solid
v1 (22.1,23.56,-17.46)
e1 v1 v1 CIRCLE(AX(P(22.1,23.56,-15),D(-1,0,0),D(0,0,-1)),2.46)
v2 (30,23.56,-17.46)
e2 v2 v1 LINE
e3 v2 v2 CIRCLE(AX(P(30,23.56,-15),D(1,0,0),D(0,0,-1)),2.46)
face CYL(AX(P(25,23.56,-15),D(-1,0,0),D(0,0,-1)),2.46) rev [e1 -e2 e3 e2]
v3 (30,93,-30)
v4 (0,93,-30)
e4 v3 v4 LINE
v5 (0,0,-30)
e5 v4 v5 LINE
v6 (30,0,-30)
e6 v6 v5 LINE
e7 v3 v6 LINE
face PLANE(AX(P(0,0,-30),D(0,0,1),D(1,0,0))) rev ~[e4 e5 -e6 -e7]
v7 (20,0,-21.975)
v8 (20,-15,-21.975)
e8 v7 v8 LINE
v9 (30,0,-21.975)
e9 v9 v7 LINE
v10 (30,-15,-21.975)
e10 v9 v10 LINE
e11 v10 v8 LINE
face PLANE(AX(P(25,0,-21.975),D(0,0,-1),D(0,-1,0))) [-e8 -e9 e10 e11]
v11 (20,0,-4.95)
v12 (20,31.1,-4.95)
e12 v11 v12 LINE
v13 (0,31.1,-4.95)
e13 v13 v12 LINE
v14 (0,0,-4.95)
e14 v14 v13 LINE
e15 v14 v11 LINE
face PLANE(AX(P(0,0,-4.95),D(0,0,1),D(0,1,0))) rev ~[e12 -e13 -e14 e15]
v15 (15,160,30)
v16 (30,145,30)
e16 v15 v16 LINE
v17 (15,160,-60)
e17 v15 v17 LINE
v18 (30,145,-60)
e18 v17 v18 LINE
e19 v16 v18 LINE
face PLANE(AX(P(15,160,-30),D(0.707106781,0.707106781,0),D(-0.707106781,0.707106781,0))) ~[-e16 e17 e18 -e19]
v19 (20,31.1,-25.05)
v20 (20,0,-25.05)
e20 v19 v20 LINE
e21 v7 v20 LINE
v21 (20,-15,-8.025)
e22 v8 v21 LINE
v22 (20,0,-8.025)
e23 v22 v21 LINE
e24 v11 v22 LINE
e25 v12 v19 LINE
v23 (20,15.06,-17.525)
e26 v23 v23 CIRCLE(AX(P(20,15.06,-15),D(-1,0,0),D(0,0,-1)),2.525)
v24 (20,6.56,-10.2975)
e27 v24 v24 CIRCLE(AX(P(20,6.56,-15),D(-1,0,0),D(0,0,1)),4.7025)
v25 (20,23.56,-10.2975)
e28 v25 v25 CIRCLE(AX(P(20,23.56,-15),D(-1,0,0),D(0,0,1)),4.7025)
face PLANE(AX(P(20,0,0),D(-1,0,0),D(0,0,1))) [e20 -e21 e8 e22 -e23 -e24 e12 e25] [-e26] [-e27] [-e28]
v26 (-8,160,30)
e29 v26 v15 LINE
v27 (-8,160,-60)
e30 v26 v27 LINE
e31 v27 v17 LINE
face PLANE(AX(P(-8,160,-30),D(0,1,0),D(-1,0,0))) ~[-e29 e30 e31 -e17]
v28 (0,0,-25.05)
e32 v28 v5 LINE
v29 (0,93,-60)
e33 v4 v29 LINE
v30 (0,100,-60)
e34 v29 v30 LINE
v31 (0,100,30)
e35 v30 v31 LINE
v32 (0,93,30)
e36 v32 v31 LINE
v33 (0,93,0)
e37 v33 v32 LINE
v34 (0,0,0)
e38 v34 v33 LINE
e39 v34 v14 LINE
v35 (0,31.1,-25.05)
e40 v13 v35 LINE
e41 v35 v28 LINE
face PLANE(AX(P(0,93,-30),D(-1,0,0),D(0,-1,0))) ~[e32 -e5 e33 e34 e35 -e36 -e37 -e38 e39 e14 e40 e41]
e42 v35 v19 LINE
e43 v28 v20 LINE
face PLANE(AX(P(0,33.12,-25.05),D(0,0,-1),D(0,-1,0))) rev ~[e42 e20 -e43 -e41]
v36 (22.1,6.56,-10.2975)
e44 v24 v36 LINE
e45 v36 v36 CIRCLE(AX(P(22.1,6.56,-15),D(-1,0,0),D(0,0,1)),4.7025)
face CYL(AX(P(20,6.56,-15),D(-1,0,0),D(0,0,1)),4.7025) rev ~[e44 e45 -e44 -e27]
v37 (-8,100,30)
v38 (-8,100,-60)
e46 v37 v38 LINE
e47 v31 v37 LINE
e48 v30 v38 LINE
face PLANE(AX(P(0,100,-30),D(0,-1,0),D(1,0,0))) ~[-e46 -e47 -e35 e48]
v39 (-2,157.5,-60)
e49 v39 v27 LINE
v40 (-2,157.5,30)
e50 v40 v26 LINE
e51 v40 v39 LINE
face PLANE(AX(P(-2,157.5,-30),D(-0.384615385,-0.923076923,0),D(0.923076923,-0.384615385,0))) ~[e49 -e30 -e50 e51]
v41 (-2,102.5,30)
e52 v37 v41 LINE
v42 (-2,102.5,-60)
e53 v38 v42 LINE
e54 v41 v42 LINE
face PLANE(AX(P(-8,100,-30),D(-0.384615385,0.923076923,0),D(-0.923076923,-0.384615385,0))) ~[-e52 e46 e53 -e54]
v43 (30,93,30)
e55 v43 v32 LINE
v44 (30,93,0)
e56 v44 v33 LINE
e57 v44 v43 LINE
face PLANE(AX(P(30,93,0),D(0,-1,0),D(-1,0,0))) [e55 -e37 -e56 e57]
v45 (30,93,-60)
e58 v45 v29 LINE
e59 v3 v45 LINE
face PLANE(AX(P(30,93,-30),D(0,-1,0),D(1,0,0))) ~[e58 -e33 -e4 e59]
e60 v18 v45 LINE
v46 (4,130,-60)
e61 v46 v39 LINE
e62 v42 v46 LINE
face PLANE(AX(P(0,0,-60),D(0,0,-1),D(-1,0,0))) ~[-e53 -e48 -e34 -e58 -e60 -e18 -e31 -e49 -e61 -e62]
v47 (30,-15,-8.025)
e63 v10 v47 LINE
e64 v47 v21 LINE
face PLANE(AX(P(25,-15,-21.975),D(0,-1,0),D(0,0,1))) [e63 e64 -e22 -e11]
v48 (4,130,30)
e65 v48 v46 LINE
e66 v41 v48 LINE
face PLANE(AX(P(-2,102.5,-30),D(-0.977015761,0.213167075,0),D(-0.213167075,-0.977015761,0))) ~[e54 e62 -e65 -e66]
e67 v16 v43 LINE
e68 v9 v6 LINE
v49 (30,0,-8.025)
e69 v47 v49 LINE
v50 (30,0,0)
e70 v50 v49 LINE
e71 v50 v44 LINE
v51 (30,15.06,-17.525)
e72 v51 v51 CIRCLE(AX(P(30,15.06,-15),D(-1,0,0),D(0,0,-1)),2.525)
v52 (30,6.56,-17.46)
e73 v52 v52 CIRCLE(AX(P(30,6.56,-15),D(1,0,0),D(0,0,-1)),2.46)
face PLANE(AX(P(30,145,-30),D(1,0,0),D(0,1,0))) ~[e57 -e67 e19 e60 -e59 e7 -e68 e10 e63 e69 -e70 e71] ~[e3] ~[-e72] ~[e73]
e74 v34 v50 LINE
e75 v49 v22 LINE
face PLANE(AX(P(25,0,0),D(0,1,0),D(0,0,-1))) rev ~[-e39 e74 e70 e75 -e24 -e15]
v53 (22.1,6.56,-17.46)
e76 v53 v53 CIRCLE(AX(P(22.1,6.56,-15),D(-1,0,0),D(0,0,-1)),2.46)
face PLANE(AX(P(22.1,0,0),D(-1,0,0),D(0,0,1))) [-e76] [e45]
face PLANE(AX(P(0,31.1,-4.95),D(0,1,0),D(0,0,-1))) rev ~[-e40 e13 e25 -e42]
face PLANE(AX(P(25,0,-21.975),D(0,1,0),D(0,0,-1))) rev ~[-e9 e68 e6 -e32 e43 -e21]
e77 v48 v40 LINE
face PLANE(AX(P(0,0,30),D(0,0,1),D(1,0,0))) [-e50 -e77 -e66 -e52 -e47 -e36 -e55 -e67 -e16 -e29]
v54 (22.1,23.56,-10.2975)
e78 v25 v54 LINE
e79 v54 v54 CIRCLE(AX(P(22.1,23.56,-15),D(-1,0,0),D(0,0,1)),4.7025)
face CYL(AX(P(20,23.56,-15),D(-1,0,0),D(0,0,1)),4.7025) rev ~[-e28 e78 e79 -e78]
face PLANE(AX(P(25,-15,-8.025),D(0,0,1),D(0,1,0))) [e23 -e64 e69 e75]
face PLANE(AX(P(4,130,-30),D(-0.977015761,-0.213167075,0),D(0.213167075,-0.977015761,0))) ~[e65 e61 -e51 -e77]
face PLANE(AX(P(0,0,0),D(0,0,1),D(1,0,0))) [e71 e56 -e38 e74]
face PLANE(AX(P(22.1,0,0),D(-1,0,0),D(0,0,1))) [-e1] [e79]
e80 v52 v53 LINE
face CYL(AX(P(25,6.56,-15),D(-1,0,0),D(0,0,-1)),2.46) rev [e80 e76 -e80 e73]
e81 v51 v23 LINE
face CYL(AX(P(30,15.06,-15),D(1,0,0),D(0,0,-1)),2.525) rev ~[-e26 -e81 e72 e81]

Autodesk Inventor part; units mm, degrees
ref_plane "YZ Plane" through (0, 0, 0) normal (1, 0, 0) x (0, 1, 0)
ref_plane "XZ Plane" through (0, 0, 0) normal (0, 1, 0) x (-1, 0, 0)
sketch "Sketch1" plane through (0, 0, 0) normal (0, 0, 1) x (1, 0, 0)
  line L0 (0, 0) -> (25, 0)
  line L1 (25, 0) -> (25, 40)
  line L2 (25, 40) -> (0, 40)
  line L3 (0, 40) -> (0, 0)
  dimension "d1" = 25
  dimension "d2" = 40
  dimension "d3" = 25
extrude "Extrusion1" add sketch "Sketch1" against normal blind 30
sketch "Sketch2" plane through (25, 0, 0) normal (1, 0, 0) x (0, 0, -1)
  line L0 (0, 0) -> (30, 0) projected
  circle A0 centre (15, 6.56) radius 2.46
extrude "Extrusion2" cut sketch "Sketch2" against normal blind 30
sketch "Sketch3" plane through (0, 0, 0) normal (-1, 0, 0) x (0, 0, 1)
  line L0 (0, 0) -> (-30, 0) projected
  line L1 (-25.05, 0) -> (-4.95, 0)
  line L2 (-4.95, 0) -> (-4.95, 33.12)
  line L3 (-4.95, 33.12) -> (-25.05, 33.12)
  line L4 (-25.05, 33.12) -> (-25.05, 0)
  dimension "d11" = 20.1
extrude "Extrusion3" cut sketch "Sketch3" against normal blind 20
sketch "Sketch4" plane through (0, 0, 0) normal (0, -1, 0) x (1, 0, 0)
  line L0 (20, -4.95) -> (20, -25.05) projected
  line L1 (20, -15) -> (25, -15)
  line L2 (25, 0) -> (25, -30) projected
  line L3 (20, -8.025) -> (25, -8.025)
  line L4 (25, -8.025) -> (25, -21.975)
  line L5 (25, -21.975) -> (20, -21.975)
  line L6 (20, -21.975) -> (20, -8.025)
  line L7 (20, -8.025) -> (25, -21.975) construction
  line L8 (25, -8.025) -> (20, -21.975) construction
  line L9 (25, -12.54) -> (25, -17.46) projected
  point P0 (0, 0)
  point P1 (22.5, -15)
  dimension "d14" = 13.95
extrude "Extrusion4" add sketch "Sketch4" along normal blind 15
sketch "Sketch5" plane through (20, 0, 0) normal (-1, 0, 0) x (0, 0, 1)
  circle A0 centre (-15, 6.56) radius 2.46 projected
  circle A1 centre (-15, 6.56) radius 4.7025
  circle A2 centre (-15, 6.56) radius 2.46 projected
  circle A3 centre (-15, 6.56) radius 2.46
  point P0 (0, 0)
  dimension "d17" = 9.405
extrude "Extrusion5" cut sketch "Sketch5" against normal blind 2.1
sketch "Sketch6" plane through (25, 0, 0) normal (1, 0, 0) x (0, 0, -1)
  circle A0 centre (15, 6.56) radius 4.7025 projected
  line L0 (15, 6.56) -> (15, 23.56)
  circle A1 centre (15, 23.56) radius 2.46
  point P0 (0, 0)
  dimension "d20" = 17
  dimension "d21" = 4.92
extrude "Extrusion6" cut sketch "Sketch6" against normal blind 10 contours A1
sketch "Sketch7" plane through (20, 0, 0) normal (-1, 0, 0) x (0, 0, 1)
  circle A0 centre (-15, 23.56) radius 2.46 projected
  circle A1 centre (-15, 23.56) radius 4.7025
  point P0 (0, 0)
  dimension "d24" = 9.405
extrude "Extrusion7" cut sketch "Sketch7" against normal blind 2.1
sketch "Sketch9" plane through (25, 0, 0) normal (1, 0, 0) x (0, 0, -1)
  circle A0 centre (15, 6.56) radius 2.46 projected
  circle A1 centre (15, 6.56) radius 2.46
  circle A2 centre (15, 23.56) radius 2.46 projected
  circle A3 centre (15, 23.56) radius 2.46
  line L0 (30, 40) -> (30, 0) projected
  line L1 (30, 0) -> (30, 40)
  line L2 (30, 40) -> (0, 40)
  line L3 (0, 40) -> (0, 0)
  line L4 (0, 0) -> (8.025, 0) projected
  line L5 (21.975, 0) -> (21.975, -15)
  line L6 (21.975, -15) -> (8.025, -15)
  line L7 (8.025, -15) -> (8.025, 0)
  line L8 (0, 0) -> (8.025, 0)
  line L9 (21.975, 0) -> (30, 0)
extrude "Extrusion8" add sketch "Sketch9" along normal blind 5
sketch "Sketch10" plane through (0, 40, 0) normal (0, 1, 0) x (1, 0, 0)
  line L0 (0, 30) -> (30, 30) projected
  line L1 (30, 0) -> (0, 0) projected
  line L2 (0, 30) -> (30, 30)
  line L3 (30, 30) -> (30, 0)
  line L4 (30, 0) -> (0, 0)
  line L5 (0, 0) -> (0, 30)
extrude "Extrusion9" add sketch "Sketch10" along normal blind 30
sketch "Sketch12" plane through (30, 0, 0) normal (1, 0, 0) x (0, 0, -1)
  circle A0 centre (15, 6.56) radius 2.46 projected
  line L0 (15, 6.56) -> (15, 15.06)
  circle A1 centre (15, 15.06) radius 2.525
  point P0 (0, 0)
  dimension "d31" = 8.5
  dimension "d33" = 5.05
extrude "Extrusion10" cut sketch "Sketch12" against normal blind 30 contours A1
sketch "Sketch14" plane through (0, 0, 0) normal (0, 0, 1) x (1, 0, 0)
  line L0 (30, 70) -> (0, 70) projected
  line L1 (0, 100) -> (-8, 100)
  line L2 (30, 0) -> (30, 70) projected
  line L3 (30, 118) -> (30, 70)
  line L4 (30, 105) -> (30, 100)
  line L5 (0, 70) -> (30, 70) projected
  line L6 (0, 70) -> (0, 100)
  line L7 (30, 122.5) -> (30, 118)
  line L8 (30, 70) -> (30, 145)
  line L9 (-2, 157.5) -> (-8, 160)
  line L10 (-2, 102.5) -> (-8, 100)
  line L11 (4, 130) -> (-2, 102.5)
  line L12 (4, 130) -> (-2, 157.5)
  line L13 (-8, 160) -> (15, 160)
  line L14 (30, 145) -> (15, 160)
  point P0 (0, 0)
  dimension "d47" = 30
extrude "Extrusion12" add sketch "Sketch14" against normal blind 30
sketch "Sketch15" plane through (0, 0, -25.05) normal (-1, 0, 0) x (0, 0, 1)
  line L0 (0, 33.12) -> (20.1, 33.12) projected
  line L1 (20.1, 33.12) -> (20.1, 0) projected
  line L2 (0, 33.12) -> (20.1, 33.12)
  line L3 (20.1, 33.12) -> (20.1, 31.1)
  line L4 (20.1, 31.1) -> (0, 31.1)
  line L5 (0, 31.1) -> (0, 33.12)
  point P0 (25.05, 0)
  dimension "d57" = 2.02
extrude "Extrusion13" add sketch "Sketch15" against normal blind 20
sketch "Sketch27" plane through (0, 0, 0) normal (0, 0, 1) x (1, 0, 0)
  point P0 (0, 0)
sketch "Sketch28" plane through (0, 0, 0) normal (0, 0, 1) x (1, 0, 0)
  line L0 (0, 100) -> (-8, 100) projected
  line L1 (0, 100) -> (-8, 100)
  line L2 (-8, 100) -> (-2, 102.5) projected
  line L3 (-8, 100) -> (-2, 102.5)
  line L4 (-2, 102.5) -> (4, 130) projected
  line L5 (-2, 102.5) -> (4, 130)
  line L6 (4, 130) -> (-2, 157.5) projected
  line L7 (4, 130) -> (-2, 157.5)
  line L8 (-2, 157.5) -> (-8, 160) projected
  line L9 (-2, 157.5) -> (-8, 160)
  line L10 (-8, 160) -> (15, 160) projected
  line L11 (-8, 160) -> (15, 160)
  line L12 (15, 160) -> (30, 145) projected
  line L13 (15, 160) -> (30, 145)
  line L14 (30, 145) -> (30, 93)
  line L15 (30, 0) -> (30, 145) projected
  line L16 (30, 93) -> (0, 93)
  line L17 (0, 0) -> (0, 100) projected
  line L18 (0, 93) -> (0, 100)
  dimension "d98" = 52
extrude "Extrusion14" add sketch "Sketch28" along normal blind 30
ref_plane "Work Plane1" through (0, 0, -15) normal (0, 0, 1) x (1, 0, 0)
mirror "Mirror1" about plane through (0, 0, -15) normal (0, 0, 1) of "Extrusion14"
properties part number "55mm_x_90mm"
